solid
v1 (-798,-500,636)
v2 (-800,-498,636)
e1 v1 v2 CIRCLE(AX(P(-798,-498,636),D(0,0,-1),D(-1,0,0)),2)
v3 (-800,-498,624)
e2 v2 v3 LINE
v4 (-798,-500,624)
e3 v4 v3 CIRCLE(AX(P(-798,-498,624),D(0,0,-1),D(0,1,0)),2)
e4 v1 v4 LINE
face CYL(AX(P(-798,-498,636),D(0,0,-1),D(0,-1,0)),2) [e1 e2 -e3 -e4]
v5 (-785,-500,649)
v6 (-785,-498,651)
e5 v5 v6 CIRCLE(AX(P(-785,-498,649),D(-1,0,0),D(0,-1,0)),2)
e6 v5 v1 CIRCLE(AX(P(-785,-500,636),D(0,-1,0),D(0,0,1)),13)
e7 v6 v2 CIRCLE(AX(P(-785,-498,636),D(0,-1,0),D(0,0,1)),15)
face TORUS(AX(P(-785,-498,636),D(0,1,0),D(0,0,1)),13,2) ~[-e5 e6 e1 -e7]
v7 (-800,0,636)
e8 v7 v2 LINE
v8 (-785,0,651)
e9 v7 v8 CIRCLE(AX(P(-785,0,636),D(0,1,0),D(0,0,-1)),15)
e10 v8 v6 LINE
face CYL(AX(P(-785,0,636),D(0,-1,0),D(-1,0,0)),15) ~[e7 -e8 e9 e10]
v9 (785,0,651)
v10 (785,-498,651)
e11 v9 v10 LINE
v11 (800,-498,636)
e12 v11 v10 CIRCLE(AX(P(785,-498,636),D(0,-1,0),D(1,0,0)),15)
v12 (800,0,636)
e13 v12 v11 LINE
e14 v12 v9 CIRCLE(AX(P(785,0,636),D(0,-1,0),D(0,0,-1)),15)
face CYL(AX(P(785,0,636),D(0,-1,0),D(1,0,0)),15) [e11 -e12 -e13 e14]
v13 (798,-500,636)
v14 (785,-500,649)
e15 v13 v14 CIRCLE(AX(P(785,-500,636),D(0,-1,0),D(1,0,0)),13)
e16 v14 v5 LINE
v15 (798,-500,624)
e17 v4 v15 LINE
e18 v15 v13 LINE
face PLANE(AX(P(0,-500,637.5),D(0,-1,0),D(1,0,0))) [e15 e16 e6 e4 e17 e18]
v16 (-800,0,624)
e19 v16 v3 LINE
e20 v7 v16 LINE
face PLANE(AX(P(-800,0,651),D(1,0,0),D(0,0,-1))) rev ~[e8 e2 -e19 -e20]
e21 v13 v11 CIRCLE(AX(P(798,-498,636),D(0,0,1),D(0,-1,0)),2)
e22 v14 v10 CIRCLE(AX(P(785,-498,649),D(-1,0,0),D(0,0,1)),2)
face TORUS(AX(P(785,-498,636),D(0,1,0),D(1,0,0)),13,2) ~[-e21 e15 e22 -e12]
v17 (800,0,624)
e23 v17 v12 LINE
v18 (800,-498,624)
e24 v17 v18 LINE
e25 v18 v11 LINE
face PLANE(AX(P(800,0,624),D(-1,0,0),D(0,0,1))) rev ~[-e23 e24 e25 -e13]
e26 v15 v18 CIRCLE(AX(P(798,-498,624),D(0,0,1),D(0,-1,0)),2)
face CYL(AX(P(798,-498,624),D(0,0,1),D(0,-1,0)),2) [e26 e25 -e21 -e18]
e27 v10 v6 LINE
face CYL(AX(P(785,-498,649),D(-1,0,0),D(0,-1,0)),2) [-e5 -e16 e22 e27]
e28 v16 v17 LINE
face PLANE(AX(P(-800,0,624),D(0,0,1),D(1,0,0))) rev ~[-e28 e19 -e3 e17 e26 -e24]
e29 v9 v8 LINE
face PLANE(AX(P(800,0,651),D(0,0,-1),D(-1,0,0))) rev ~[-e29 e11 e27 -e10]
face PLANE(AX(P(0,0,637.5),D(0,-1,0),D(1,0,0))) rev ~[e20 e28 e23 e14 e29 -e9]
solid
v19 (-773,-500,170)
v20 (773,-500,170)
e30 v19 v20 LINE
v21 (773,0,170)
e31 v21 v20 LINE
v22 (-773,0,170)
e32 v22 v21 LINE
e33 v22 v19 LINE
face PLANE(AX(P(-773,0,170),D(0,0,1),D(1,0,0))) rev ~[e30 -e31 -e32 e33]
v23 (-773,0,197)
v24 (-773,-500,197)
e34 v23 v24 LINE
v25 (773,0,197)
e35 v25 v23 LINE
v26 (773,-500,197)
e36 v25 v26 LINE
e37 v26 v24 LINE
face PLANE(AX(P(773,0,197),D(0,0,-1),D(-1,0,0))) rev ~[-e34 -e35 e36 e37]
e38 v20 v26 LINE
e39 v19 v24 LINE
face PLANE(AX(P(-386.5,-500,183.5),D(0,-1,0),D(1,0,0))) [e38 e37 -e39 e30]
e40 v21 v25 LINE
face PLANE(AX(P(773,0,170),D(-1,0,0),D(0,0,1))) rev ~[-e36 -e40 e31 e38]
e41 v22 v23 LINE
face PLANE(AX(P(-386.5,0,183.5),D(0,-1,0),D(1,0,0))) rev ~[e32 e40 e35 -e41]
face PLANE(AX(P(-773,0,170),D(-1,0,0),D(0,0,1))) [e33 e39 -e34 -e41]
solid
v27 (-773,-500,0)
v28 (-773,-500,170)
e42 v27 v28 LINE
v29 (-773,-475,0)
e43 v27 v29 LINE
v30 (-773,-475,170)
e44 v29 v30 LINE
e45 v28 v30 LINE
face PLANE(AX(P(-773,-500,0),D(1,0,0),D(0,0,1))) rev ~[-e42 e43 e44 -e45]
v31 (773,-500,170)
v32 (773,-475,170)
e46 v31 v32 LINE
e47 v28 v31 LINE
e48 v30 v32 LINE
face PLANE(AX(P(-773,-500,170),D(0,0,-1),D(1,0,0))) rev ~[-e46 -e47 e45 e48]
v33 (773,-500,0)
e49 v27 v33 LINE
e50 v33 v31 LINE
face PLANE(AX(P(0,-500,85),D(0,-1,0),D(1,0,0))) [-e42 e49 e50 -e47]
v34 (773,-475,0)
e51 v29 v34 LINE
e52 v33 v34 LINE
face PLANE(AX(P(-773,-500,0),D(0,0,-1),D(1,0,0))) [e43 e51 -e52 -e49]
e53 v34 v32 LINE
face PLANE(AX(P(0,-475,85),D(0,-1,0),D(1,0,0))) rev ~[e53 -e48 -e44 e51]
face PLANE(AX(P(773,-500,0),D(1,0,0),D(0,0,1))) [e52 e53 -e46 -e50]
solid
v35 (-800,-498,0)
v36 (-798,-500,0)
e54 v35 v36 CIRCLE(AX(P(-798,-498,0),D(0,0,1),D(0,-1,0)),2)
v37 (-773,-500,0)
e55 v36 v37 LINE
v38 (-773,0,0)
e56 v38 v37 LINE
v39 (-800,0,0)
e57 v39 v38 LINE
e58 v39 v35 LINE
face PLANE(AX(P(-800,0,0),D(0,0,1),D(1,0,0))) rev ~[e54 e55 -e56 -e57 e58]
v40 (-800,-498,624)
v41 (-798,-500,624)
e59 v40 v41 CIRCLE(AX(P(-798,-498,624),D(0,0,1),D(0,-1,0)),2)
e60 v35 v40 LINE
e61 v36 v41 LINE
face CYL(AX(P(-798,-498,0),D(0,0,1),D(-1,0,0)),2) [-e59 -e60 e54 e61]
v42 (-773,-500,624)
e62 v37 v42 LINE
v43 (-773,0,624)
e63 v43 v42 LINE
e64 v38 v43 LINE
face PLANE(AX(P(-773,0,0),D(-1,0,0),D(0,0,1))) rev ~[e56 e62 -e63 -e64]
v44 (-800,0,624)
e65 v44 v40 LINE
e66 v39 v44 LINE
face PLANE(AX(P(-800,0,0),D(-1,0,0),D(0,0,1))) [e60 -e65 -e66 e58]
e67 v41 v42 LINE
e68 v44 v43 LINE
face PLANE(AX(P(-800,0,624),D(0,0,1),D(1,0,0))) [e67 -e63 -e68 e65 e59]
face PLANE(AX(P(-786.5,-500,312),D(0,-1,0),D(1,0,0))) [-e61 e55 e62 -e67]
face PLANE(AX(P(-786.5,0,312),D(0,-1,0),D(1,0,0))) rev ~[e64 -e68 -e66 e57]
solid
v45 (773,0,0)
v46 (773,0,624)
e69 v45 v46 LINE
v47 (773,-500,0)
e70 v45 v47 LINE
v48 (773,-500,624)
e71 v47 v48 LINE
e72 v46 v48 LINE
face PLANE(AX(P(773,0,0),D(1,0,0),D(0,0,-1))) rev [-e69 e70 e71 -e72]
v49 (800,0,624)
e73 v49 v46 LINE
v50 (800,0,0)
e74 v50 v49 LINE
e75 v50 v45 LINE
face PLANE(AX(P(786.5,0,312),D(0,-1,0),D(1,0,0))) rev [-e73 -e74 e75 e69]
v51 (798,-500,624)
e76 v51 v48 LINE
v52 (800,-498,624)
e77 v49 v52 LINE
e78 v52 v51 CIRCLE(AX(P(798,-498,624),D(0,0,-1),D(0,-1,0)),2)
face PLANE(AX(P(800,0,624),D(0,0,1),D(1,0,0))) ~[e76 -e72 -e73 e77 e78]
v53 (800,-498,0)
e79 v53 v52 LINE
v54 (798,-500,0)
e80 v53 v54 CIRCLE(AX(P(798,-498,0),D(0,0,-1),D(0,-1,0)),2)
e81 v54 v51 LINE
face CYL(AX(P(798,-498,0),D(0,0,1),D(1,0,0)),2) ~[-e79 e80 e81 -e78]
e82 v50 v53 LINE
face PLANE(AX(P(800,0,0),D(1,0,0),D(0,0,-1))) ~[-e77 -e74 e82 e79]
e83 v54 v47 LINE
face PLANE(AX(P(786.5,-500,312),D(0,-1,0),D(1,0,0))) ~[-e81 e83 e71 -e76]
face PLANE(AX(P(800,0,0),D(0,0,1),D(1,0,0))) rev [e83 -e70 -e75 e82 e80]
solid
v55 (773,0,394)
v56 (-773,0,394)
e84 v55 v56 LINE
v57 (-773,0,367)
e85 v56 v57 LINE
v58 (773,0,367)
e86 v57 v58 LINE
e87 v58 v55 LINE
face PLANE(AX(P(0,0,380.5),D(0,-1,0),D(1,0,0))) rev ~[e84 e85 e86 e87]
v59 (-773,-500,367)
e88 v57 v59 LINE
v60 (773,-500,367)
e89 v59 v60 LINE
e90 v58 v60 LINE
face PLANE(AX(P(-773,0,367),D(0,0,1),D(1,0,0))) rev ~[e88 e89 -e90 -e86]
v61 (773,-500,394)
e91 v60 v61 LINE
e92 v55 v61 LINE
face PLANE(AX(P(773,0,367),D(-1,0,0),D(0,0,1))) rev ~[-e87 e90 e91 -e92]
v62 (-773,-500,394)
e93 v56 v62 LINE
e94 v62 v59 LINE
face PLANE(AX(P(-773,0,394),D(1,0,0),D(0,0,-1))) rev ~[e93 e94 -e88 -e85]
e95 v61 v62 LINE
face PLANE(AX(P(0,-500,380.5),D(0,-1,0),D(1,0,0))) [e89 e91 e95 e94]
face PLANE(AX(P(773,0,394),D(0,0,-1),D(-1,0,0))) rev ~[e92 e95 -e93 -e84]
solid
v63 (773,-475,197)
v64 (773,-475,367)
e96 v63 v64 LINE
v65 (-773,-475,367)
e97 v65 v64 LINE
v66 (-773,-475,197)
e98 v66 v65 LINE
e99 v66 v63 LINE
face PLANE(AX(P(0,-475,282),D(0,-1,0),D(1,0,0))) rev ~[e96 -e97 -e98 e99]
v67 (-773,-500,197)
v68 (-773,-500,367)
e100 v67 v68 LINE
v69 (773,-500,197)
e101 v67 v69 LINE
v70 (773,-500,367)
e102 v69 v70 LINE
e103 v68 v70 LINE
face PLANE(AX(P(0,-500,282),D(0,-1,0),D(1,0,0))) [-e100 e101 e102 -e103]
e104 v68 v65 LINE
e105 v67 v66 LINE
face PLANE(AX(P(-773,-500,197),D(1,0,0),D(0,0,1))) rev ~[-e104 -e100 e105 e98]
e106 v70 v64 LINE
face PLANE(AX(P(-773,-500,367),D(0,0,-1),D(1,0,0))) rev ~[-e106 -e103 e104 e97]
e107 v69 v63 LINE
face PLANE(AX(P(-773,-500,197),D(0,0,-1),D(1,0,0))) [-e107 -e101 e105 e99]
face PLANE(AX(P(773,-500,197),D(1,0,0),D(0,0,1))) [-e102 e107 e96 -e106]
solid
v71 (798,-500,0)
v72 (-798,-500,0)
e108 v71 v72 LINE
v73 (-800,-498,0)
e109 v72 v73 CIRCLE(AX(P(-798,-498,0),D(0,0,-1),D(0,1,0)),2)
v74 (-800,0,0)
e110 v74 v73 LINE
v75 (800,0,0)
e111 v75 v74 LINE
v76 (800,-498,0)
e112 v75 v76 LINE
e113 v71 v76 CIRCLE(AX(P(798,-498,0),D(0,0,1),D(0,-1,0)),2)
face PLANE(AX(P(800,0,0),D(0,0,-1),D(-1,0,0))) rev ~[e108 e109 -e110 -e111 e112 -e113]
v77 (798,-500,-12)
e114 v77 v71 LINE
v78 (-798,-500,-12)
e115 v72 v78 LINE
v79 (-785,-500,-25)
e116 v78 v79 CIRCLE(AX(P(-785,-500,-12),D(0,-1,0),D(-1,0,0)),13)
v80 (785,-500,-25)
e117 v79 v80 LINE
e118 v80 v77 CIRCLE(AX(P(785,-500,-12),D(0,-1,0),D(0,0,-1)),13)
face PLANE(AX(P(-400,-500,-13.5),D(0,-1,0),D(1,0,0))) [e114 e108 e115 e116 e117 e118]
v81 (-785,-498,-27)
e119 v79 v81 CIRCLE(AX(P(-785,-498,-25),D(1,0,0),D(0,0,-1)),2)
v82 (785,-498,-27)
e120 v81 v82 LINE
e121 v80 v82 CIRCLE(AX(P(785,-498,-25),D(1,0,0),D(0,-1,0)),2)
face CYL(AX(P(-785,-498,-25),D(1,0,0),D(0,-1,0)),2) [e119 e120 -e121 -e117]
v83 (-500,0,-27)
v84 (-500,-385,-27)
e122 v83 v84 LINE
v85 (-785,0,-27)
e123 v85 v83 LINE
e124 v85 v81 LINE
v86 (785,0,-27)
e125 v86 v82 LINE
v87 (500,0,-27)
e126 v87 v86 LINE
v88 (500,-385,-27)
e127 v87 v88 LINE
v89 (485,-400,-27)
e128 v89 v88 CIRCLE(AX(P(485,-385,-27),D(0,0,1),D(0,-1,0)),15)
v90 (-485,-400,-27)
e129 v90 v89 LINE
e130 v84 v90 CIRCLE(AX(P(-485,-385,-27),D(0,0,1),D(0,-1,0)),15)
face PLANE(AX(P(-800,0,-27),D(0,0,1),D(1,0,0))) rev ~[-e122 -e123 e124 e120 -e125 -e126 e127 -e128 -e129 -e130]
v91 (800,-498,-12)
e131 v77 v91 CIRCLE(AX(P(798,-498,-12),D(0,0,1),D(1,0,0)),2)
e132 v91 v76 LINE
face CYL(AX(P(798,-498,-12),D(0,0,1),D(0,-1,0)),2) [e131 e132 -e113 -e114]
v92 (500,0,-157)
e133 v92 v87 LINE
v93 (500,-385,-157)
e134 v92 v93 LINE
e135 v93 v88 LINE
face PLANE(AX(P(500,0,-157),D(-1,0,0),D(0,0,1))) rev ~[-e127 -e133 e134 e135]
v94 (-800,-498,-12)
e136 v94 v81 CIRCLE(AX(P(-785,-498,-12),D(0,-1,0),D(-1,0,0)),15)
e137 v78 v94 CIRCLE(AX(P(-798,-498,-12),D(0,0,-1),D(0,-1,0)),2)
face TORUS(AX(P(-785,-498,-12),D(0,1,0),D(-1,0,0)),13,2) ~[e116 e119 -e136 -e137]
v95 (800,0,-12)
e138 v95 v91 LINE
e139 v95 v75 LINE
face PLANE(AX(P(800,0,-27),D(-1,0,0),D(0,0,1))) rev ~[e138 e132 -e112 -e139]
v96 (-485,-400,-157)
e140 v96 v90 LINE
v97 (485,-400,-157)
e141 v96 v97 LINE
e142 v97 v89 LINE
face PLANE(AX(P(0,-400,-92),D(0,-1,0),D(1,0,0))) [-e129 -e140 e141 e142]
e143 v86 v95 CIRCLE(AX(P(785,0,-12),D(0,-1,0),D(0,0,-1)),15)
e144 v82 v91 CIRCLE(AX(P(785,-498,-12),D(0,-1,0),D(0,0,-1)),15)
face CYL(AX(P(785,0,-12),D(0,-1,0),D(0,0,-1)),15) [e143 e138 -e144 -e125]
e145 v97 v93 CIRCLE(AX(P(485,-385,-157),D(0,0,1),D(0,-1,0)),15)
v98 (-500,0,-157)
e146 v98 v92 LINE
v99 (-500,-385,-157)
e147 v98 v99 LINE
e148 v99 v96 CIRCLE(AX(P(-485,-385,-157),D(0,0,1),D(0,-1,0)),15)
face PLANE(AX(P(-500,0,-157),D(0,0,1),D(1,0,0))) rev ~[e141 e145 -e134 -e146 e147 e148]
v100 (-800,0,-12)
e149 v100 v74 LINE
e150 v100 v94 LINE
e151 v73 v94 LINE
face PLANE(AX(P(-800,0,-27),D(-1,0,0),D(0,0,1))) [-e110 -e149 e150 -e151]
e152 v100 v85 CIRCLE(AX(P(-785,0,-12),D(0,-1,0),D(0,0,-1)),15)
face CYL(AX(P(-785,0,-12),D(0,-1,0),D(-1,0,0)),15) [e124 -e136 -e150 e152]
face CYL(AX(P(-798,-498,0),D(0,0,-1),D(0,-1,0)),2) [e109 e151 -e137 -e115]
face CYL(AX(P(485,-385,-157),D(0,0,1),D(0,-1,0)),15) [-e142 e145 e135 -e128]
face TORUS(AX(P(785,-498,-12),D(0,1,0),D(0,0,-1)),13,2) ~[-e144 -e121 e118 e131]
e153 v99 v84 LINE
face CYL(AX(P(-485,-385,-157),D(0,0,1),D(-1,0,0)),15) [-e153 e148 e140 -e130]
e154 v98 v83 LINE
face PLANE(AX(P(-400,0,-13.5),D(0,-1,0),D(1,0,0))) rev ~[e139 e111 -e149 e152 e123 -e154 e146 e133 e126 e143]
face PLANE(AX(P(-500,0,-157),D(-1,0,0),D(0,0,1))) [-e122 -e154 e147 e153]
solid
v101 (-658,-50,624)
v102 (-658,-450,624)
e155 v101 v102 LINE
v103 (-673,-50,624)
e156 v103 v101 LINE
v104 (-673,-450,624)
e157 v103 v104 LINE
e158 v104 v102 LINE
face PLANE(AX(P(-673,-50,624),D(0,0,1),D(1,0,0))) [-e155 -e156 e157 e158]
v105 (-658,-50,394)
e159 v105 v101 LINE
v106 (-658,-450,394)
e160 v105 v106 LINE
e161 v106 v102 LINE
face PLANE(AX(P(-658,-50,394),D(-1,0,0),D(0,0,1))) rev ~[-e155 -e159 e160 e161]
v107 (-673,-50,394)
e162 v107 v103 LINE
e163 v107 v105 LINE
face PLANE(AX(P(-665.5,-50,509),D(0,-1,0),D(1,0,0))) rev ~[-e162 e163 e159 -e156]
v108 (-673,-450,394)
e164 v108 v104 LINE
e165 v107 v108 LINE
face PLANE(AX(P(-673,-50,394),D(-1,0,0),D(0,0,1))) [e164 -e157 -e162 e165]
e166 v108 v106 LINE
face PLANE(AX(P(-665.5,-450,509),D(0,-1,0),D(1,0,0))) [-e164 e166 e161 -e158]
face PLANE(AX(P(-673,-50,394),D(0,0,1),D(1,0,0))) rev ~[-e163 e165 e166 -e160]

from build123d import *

# Parameters (mm, degrees)
F13_DEPTH = 500
F10_W     = 773
F10_H     = 27
F11_W     = 800
F11_H     = 27
F12_W     = 27
F12_H     = 624
F15_W     = 1546
F15_H     = 170
F16_DEPTH = 25
F17_R     = 15
F17_2_R   = 15
F18_R     = 2
F18_2_R   = 2
F18_3_R   = 2
F18_4_R   = 2
F19_W     = 1000
F19_H     = 130
F20_DEPTH = 400
F22_START = 50
F21_W     = 15
F21_H     = 230
F22_DEPTH = 400
F23_R     = 15


with BuildPart() as f13:
    # F8 (on Front) → F13 (new body, through all)
    with BuildSketch(Plane.XZ):
        Polygon((0, 651), (-800, 651), (-800, 624), (0, 624), (800, 624), (800, 651), align=None)
    extrude(amount=F13_DEPTH)

    # F17#2
    f17_2_edges = [f13.edges().sort_by_distance(p)[0] for p in [
        (-800, -250, 651),
        (800, -250, 651),
    ]]
    fillet(f17_2_edges, radius=F17_2_R)

    # F18
    f18_edges = [f13.edges().sort_by_distance(p)[0] for p in [
        (0, -500, 651),
    ]]
    fillet(f18_edges, radius=F18_R)


with BuildPart() as f13b:
    # F9 (on Front) → F13, piece 2 (new body, through all)
    with BuildSketch(Plane.XZ):
        Polygon((-773, 394), (-773, 367), (0, 367), (773, 367), (773, 394), (0, 394), align=None)
    extrude(amount=F13_DEPTH)


with BuildPart() as f13c:
    # F10 (on Front) → F13, piece 3 (new body, through all)
    with BuildSketch(Plane.XZ):
        with Locations((-386.5, 183.5)):
            Rectangle(F10_W, F10_H)
        with Locations((386.5, 183.5)):
            Rectangle(F10_W, F10_H)
    extrude(amount=F13_DEPTH)


with BuildPart() as f13d:
    # F11 (on Front) → F13, piece 4 (new body, through all)
    with BuildSketch(Plane.XZ):
        with Locations((-400, -13.5)):
            Rectangle(F11_W, F11_H)
        with Locations((400, -13.5)):
            Rectangle(F11_W, F11_H)
    extrude(amount=F13_DEPTH)

    # F17
    f17_edges = [f13d.edges().sort_by_distance(p)[0] for p in [
        (-800, -250, -27),
        (800, -250, -27),
    ]]
    fillet(f17_edges, radius=F17_R)

    # F18#3
    f18_3_edges = [f13d.edges().sort_by_distance(p)[0] for p in [
        (0, -500, -27),
    ]]
    fillet(f18_3_edges, radius=F18_3_R)

    # F19 (on Front) → F20 (join)
    with BuildSketch(Plane.XZ):
        with Locations((0, -92)):
            Rectangle(F19_W, F19_H)
    extrude(amount=F20_DEPTH)

    # F23
    f23_edges = [f13d.edges().sort_by_distance(p)[0] for p in [
        (-500, -400, -92),
        (500, -400, -92),
    ]]
    fillet(f23_edges, radius=F23_R)


with BuildPart() as f13e:
    # F12 (on Front) → F13, piece 5 (new body, through all)
    with BuildSketch(Plane.XZ):
        with Locations((-786.5, 312)):
            Rectangle(F12_W, F12_H)
    extrude(amount=F13_DEPTH)


with BuildPart() as f14_1:
    # F14: instance of F13e
    add(f13e.part.mirror(Plane.YZ))

    # F18#4
    f18_4_edges = [f14_1.edges().sort_by_distance(p)[0] for p in [
        (800, -500, 312),
    ]]
    fillet(f18_4_edges, radius=F18_4_R)


with BuildPart() as f16:
    # F15 (on offset) → F16 (new body)
    with BuildSketch(Plane.XZ.offset(500)):
        with Locations((0, 282)):
            Rectangle(F15_W, F15_H)
    extrude(amount=-F16_DEPTH)


with BuildPart() as f16b:
    # F15 (on offset) → F16, piece 2 (new body)
    with BuildSketch(Plane.XZ.offset(500)):
        with Locations((0, 85)):
            Rectangle(F15_W, F15_H)
    extrude(amount=-F16_DEPTH)


with BuildPart() as f13e_1:
    add(f13e.part)

    # F18#2
    f18_2_edges = [f13e_1.edges().sort_by_distance(p)[0] for p in [
        (-800, -500, 312),
    ]]
    fillet(f18_2_edges, radius=F18_2_R)


with BuildPart() as f22:
    # F21 (on Front) → F22 (new body)
    with BuildSketch(Plane.XZ.offset(F22_START)):
        with Locations((-665.5, 509)):
            Rectangle(F21_W, F21_H)
    extrude(amount=F22_DEPTH)


solid = Compound([f13.part, f13b.part, f13c.part, f13d.part, f14_1.part, f16.part, f16b.part, f13e_1.part, f22.part])
